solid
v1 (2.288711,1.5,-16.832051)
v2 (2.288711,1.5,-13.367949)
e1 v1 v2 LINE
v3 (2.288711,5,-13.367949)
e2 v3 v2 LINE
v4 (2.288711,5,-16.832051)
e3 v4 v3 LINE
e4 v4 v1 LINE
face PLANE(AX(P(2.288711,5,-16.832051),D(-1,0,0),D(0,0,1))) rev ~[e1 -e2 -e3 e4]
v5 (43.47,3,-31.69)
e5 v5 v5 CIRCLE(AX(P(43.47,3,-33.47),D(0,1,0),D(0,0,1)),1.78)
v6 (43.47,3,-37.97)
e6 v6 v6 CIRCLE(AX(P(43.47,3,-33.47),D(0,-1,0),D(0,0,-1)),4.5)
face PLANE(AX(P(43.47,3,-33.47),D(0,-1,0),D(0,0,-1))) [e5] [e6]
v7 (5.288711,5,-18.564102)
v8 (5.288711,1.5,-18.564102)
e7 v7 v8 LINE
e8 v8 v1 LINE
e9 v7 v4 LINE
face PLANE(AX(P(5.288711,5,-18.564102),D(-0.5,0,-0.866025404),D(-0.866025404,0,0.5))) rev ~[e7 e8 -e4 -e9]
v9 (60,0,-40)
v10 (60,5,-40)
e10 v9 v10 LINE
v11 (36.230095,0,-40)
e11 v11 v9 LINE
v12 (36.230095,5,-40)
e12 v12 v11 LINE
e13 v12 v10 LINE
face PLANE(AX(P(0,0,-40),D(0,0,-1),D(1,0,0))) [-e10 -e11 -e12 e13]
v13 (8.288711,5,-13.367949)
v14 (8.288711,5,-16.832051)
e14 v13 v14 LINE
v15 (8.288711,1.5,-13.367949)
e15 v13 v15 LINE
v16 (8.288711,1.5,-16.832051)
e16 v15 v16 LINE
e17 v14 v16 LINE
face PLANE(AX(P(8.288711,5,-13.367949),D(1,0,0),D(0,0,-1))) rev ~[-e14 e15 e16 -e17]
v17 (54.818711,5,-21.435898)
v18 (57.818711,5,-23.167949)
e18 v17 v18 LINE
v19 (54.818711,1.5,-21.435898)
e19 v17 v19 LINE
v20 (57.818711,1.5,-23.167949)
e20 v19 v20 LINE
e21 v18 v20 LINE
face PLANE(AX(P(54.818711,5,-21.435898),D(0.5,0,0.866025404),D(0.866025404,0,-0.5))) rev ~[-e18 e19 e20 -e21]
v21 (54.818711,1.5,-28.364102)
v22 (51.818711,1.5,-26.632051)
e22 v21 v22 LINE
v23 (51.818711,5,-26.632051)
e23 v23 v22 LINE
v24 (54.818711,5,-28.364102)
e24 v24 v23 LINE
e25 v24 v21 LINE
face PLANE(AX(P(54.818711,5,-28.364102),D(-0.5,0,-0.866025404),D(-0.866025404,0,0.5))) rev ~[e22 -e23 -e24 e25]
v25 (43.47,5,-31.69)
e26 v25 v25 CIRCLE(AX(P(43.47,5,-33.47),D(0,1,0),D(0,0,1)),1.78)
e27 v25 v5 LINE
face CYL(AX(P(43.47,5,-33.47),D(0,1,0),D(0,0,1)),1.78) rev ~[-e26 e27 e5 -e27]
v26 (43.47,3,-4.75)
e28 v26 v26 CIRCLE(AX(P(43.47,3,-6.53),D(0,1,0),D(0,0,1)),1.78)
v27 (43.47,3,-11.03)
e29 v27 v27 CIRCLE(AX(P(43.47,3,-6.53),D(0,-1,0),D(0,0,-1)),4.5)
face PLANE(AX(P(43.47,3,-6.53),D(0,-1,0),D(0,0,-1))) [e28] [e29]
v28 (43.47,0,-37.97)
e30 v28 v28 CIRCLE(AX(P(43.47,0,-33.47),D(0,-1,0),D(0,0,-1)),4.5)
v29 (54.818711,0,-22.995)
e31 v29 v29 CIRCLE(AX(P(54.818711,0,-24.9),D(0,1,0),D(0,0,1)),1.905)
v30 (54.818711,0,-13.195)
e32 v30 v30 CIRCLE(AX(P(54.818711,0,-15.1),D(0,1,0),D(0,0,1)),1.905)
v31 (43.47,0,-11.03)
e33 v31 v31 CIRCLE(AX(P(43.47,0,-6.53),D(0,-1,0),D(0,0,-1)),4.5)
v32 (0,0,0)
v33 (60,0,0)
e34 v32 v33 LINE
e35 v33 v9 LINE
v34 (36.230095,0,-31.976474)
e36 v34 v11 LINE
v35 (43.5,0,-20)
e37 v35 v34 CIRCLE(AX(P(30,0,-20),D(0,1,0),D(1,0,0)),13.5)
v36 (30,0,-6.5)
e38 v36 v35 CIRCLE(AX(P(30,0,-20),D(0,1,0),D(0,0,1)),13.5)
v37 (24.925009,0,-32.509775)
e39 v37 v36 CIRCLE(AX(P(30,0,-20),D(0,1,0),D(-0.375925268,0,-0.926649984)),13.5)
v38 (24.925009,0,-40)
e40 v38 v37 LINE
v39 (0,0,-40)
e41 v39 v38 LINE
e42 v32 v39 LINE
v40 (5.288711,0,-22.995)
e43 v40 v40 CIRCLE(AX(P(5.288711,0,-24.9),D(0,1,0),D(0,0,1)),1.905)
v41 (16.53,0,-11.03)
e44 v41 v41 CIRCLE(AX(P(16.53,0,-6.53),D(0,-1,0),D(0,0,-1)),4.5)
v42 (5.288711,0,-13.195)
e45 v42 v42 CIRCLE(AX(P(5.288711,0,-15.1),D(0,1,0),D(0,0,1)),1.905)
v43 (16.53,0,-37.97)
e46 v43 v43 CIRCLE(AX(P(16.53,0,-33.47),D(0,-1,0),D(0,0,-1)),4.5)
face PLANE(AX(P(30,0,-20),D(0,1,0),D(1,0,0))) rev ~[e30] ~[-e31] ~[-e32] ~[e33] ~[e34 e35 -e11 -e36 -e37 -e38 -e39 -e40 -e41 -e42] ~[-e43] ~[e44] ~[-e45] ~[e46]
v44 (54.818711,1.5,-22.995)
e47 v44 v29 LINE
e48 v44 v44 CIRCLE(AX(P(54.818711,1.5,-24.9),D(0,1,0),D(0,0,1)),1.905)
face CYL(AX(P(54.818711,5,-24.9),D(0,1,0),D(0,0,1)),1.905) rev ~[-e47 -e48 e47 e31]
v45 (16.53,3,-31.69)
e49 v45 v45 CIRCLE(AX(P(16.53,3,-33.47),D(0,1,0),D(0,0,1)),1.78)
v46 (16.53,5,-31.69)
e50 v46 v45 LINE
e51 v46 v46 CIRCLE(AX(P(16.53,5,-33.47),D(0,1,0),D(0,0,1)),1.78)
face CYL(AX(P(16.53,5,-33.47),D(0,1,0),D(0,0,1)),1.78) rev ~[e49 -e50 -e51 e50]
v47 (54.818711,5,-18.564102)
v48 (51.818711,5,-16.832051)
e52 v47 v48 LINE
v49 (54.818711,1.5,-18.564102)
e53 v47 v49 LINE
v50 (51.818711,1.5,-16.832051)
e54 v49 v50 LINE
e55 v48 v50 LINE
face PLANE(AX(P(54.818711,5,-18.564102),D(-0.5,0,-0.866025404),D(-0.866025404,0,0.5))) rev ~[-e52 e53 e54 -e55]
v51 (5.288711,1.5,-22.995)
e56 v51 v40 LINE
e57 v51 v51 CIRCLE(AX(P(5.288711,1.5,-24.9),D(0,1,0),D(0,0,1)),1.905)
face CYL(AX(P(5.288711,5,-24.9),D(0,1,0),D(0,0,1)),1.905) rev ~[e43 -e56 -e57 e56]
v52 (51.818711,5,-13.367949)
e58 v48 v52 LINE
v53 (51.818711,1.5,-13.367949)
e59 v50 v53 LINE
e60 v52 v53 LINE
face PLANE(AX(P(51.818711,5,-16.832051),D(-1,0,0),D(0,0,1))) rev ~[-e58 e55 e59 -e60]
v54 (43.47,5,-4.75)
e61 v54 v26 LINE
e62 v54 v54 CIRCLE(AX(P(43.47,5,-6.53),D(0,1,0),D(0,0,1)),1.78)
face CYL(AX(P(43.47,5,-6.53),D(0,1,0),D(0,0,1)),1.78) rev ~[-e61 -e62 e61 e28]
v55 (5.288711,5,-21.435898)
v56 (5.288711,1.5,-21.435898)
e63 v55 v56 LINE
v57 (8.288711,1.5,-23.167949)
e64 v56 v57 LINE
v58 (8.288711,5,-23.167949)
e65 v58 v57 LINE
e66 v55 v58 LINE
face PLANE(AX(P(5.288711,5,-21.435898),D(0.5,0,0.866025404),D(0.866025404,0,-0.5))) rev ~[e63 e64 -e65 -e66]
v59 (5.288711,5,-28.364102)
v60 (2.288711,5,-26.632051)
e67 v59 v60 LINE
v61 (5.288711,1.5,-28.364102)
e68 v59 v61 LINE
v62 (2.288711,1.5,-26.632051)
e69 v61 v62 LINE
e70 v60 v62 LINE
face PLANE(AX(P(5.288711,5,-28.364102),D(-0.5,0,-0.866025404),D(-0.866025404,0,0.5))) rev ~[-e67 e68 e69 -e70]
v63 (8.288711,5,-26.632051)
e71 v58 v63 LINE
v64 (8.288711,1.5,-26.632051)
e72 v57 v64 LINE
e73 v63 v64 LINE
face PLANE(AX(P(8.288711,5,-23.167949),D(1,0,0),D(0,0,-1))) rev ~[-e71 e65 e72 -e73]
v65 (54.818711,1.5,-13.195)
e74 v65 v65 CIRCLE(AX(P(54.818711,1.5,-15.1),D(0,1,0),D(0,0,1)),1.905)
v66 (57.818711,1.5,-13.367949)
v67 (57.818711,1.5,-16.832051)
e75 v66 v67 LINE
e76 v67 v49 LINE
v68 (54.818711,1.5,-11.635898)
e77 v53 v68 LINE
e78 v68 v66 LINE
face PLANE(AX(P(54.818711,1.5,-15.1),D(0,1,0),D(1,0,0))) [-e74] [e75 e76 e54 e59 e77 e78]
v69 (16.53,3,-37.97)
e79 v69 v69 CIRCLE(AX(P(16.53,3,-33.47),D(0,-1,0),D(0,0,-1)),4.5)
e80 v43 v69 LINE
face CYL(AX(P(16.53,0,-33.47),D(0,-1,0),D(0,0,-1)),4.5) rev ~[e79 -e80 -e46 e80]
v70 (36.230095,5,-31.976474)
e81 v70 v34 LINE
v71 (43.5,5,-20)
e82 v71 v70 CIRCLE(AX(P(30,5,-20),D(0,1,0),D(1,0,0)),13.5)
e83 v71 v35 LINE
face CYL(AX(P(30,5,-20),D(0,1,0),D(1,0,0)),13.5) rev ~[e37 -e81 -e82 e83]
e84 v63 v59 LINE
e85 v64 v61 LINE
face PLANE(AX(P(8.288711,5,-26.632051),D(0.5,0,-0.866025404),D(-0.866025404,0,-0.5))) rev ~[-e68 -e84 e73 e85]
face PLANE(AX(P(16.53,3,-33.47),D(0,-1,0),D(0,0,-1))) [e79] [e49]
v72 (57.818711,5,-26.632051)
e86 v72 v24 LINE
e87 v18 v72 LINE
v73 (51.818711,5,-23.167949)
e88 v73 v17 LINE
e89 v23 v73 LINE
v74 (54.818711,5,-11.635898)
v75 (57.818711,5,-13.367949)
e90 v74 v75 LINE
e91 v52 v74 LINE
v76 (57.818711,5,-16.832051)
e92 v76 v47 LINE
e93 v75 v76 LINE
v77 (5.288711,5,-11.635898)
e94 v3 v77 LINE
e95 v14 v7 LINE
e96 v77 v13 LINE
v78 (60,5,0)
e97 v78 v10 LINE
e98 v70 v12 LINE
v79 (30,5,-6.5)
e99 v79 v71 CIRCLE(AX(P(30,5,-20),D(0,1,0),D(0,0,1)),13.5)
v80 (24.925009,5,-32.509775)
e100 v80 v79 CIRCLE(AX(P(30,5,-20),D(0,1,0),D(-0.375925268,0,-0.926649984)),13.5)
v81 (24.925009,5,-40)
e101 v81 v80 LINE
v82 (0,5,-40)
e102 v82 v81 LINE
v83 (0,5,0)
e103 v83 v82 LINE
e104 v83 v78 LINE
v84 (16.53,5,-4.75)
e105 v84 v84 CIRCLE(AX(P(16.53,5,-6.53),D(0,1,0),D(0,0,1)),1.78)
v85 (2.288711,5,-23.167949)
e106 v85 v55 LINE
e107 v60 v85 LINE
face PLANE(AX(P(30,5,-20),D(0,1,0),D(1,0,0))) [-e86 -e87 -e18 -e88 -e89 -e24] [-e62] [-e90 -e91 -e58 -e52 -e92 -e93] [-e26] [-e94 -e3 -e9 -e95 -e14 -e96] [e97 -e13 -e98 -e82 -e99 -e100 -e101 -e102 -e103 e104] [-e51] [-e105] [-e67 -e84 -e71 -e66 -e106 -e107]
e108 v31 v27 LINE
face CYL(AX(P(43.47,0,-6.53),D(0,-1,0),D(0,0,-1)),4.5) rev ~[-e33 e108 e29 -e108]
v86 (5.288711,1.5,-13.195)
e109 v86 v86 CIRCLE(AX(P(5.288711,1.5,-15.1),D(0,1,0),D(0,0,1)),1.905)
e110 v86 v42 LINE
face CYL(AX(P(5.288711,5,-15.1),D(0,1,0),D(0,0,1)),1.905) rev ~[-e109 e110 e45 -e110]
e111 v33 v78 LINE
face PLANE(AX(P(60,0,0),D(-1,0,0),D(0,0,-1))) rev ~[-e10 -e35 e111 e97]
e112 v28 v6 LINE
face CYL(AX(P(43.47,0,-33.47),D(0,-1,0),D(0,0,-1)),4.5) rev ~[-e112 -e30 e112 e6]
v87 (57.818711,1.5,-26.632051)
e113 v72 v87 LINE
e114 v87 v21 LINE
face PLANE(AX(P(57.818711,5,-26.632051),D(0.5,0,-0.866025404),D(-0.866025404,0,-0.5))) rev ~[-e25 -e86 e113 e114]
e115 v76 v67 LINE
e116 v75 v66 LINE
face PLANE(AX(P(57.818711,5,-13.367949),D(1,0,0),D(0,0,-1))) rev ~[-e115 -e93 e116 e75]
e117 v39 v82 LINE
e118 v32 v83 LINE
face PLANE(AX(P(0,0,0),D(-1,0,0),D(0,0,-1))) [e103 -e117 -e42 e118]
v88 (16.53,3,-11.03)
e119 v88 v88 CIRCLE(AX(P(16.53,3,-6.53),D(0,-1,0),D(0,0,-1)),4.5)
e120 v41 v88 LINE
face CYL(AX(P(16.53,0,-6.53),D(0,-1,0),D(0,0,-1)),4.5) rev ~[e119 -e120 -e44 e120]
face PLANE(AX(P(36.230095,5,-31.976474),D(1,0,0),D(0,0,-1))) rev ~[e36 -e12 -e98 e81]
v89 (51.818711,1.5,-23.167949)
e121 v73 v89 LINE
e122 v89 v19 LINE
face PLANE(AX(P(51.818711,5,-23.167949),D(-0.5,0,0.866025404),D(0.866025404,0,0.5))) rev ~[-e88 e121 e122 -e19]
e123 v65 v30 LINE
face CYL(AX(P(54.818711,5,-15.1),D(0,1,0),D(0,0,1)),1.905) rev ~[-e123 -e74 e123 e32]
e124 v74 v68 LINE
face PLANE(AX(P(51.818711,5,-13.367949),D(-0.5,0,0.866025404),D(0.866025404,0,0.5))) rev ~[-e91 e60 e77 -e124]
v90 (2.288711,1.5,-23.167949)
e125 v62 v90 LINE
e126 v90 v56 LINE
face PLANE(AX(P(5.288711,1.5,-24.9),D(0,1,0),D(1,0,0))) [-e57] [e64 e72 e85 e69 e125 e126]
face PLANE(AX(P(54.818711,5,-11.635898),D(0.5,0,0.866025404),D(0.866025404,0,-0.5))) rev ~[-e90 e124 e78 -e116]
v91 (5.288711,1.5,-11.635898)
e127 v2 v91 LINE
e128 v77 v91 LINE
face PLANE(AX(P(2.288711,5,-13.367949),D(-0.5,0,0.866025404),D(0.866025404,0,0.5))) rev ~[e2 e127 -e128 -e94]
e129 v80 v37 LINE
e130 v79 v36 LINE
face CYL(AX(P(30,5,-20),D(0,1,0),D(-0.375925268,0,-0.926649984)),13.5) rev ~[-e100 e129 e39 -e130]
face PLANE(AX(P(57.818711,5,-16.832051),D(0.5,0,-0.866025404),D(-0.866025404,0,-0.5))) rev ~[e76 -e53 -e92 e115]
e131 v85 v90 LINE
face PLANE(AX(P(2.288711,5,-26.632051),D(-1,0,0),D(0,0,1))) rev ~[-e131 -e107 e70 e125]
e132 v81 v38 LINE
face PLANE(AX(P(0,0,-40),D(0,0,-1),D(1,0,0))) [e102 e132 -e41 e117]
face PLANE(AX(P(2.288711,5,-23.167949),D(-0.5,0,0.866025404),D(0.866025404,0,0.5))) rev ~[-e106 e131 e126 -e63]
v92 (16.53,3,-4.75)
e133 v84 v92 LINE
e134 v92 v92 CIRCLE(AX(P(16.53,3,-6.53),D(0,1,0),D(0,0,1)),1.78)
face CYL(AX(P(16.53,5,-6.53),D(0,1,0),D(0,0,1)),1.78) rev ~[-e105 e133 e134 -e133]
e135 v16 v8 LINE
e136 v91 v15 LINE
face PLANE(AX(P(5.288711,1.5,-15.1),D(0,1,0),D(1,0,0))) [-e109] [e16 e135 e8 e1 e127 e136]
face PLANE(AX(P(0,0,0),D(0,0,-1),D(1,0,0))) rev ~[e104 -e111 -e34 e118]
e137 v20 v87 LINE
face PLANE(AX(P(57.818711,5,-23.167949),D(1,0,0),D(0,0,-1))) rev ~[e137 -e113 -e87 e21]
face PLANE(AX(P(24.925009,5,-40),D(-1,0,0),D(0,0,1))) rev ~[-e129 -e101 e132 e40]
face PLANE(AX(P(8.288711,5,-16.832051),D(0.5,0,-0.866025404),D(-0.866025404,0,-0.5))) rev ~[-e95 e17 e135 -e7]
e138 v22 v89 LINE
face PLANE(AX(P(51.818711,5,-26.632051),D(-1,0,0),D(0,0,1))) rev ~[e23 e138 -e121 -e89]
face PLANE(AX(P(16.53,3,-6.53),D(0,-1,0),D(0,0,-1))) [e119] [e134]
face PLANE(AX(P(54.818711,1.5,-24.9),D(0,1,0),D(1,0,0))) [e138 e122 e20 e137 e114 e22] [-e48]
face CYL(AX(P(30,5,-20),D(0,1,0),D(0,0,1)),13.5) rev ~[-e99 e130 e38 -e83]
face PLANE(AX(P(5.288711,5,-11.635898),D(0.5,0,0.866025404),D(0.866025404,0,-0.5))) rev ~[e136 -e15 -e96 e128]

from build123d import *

# Parameters (mm, degrees)
SKETCH1_W           = 60
SKETCH1_H           = 40
BOSS_EXTRUDE1_DEPTH = 5
SKETCH2_R           = 1.78
SKETCH2_R_2         = 1.905
CUT_EXTRUDE1_DEPTH  = 10
CUT_EXTRUDE2_DEPTH  = 73.284161474
SKETCH7_R           = 4.5
CUT_EXTRUDE5_DEPTH  = 3
CUT_EXTRUDE6_DEPTH  = 3.5


with BuildPart() as part:
    # Sketch1 → Boss-Extrude1 (new body)
    with BuildSketch(Plane(origin=(0, 0, 0), x_dir=(1, 0, 0), z_dir=(0, 1, 0))):
        with Locations((30, 20)):
            Rectangle(SKETCH1_W, SKETCH1_H)
    extrude(amount=BOSS_EXTRUDE1_DEPTH)

    # Sketch2 → Cut-Extrude1 (cut)
    with BuildSketch(Plane(origin=(0, 5, 0), x_dir=(1, 0, 0), z_dir=(0, 1, 0))):
        with Locations(Location((43.47, 33.47, 0), (0, 0, 270))):
            Circle(SKETCH2_R)
        with Locations(Location((16.53, 33.47, 0), (0, 0, 270))):
            Circle(SKETCH2_R)
        with Locations(Location((16.53, 6.53, 0), (0, 0, 270))):
            Circle(SKETCH2_R)
        with Locations(Location((43.47, 6.53, 0), (0, 0, 270))):
            Circle(SKETCH2_R)
        with Locations(Location((54.818710608, 24.9, 0), (0, 0, 270))):
            Circle(SKETCH2_R_2)
        with Locations(Location((5.288710608, 24.9, 0), (0, 0, 270))):
            Circle(SKETCH2_R_2)
        with Locations(Location((5.288710608, 15.1, 0), (0, 0, 270))):
            Circle(SKETCH2_R_2)
        with Locations(Location((54.818710608, 15.1, 0), (0, 0, 270))):
            Circle(SKETCH2_R_2)
    extrude(amount=-CUT_EXTRUDE1_DEPTH, mode=Mode.SUBTRACT)

    # Sketch3 → Cut-Extrude2 (cut, through all)
    with BuildSketch(Plane(origin=(0, 5, 0), x_dir=(1, 0, 0), z_dir=(0, 1, 0))):
        with BuildLine():
            ThreePointArc((36.230094697, 31.976473607), (33.206836939, 33.113588252), (30, 33.5))
            Line((30, 33.5), (30, 27.34780867))
            Line((30, 27.34780867), (36.230094697, 27.34780867))
            Line((36.230094697, 27.34780867), (36.230094697, 31.976473607))
        make_face()
        with BuildLine():
            Line((36.230094697, 27.34780867), (30, 27.34780867))
            Line((30, 27.34780867), (30, 6.5))
            ThreePointArc((30, 6.5), (39.545941546, 10.454058454), (43.5, 20))
            ThreePointArc((43.5, 20), (41.540283324, 27.005131033), (36.230094697, 31.976473607))
            Line((36.230094697, 31.976473607), (36.230094697, 27.34780867))
        make_face()
        with BuildLine():
            Line((30, 27.34780867), (30, 33.5))
            ThreePointArc((30, 33.5), (27.414652789, 33.250131312), (24.925008883, 32.509774785))
            Line((24.925008883, 32.509774785), (24.925008883, 27.34780867))
            Line((24.925008883, 27.34780867), (30, 27.34780867))
        make_face()
        with BuildLine():
            Line((30, 6.5), (30, 27.34780867))
            Line((30, 27.34780867), (24.925008883, 27.34780867))
            Line((24.925008883, 27.34780867), (24.925008883, 32.509774785))
            ThreePointArc((24.925008883, 32.509774785), (16.749868688, 17.414652789), (30, 6.5))
        make_face()
        with BuildLine():
            Line((36.230094697, 40), (30, 40))
            Line((30, 40), (30, 33.5))
            ThreePointArc((30, 33.5), (33.206836939, 33.113588252), (36.230094697, 31.976473607))
            Line((36.230094697, 31.976473607), (36.230094697, 40))
        make_face()
        with BuildLine():
            Line((30, 33.5), (30, 40))
            Line((30, 40), (24.925008883, 40))
            Line((24.925008883, 40), (24.925008883, 32.509774785))
            ThreePointArc((24.925008883, 32.509774785), (27.414652789, 33.250131312), (30, 33.5))
        make_face()
    extrude(amount=-CUT_EXTRUDE2_DEPTH, mode=Mode.SUBTRACT)

    # Sketch7 → Cut-Extrude5 (cut)
    with BuildSketch(Plane(origin=(0, 0, 0), x_dir=(-1, 0, 0), z_dir=(0, -1, 0))):
        with Locations(Location((-43.47, 6.53, 0), (0, 0, 90))):
            Circle(SKETCH7_R)
        with Locations(Location((-16.53, 6.53, 0), (0, 0, 90))):
            Circle(SKETCH7_R)
        with Locations(Location((-16.53, 33.47, 0), (0, 0, 90))):
            Circle(SKETCH7_R)
        with Locations(Location((-43.47, 33.47, 0), (0, 0, 90))):
            Circle(SKETCH7_R)
    extrude(amount=-CUT_EXTRUDE5_DEPTH, mode=Mode.SUBTRACT)

    # Sketch8 → Cut-Extrude6 (cut)
    with BuildSketch(Plane(origin=(0, 5, 0), x_dir=(1, 0, 0), z_dir=(0, 1, 0))):
        Polygon((5.288710608, 18.564101615), (2.288710608, 16.832050808), (2.288710608, 13.367949192), (5.288710608, 11.635898385), (8.288710608, 13.367949192), (8.288710608, 16.832050808), align=None)
        Polygon((54.818710608, 11.635898385), (57.818710608, 13.367949192), (57.818710608, 16.832050808), (54.818710608, 18.564101615), (51.818710608, 16.832050808), (51.818710608, 13.367949192), align=None)
        Polygon((5.288710608, 28.364101615), (2.288710608, 26.632050808), (2.288710608, 23.167949192), (5.288710608, 21.435898385), (8.288710608, 23.167949192), (8.288710608, 26.632050808), align=None)
        Polygon((54.818710608, 28.364101615), (51.818710608, 26.632050808), (51.818710608, 23.167949192), (54.818710608, 21.435898385), (57.818710608, 23.167949192), (57.818710608, 26.632050808), align=None)
    extrude(amount=-CUT_EXTRUDE6_DEPTH, mode=Mode.SUBTRACT)


solid = part.part
